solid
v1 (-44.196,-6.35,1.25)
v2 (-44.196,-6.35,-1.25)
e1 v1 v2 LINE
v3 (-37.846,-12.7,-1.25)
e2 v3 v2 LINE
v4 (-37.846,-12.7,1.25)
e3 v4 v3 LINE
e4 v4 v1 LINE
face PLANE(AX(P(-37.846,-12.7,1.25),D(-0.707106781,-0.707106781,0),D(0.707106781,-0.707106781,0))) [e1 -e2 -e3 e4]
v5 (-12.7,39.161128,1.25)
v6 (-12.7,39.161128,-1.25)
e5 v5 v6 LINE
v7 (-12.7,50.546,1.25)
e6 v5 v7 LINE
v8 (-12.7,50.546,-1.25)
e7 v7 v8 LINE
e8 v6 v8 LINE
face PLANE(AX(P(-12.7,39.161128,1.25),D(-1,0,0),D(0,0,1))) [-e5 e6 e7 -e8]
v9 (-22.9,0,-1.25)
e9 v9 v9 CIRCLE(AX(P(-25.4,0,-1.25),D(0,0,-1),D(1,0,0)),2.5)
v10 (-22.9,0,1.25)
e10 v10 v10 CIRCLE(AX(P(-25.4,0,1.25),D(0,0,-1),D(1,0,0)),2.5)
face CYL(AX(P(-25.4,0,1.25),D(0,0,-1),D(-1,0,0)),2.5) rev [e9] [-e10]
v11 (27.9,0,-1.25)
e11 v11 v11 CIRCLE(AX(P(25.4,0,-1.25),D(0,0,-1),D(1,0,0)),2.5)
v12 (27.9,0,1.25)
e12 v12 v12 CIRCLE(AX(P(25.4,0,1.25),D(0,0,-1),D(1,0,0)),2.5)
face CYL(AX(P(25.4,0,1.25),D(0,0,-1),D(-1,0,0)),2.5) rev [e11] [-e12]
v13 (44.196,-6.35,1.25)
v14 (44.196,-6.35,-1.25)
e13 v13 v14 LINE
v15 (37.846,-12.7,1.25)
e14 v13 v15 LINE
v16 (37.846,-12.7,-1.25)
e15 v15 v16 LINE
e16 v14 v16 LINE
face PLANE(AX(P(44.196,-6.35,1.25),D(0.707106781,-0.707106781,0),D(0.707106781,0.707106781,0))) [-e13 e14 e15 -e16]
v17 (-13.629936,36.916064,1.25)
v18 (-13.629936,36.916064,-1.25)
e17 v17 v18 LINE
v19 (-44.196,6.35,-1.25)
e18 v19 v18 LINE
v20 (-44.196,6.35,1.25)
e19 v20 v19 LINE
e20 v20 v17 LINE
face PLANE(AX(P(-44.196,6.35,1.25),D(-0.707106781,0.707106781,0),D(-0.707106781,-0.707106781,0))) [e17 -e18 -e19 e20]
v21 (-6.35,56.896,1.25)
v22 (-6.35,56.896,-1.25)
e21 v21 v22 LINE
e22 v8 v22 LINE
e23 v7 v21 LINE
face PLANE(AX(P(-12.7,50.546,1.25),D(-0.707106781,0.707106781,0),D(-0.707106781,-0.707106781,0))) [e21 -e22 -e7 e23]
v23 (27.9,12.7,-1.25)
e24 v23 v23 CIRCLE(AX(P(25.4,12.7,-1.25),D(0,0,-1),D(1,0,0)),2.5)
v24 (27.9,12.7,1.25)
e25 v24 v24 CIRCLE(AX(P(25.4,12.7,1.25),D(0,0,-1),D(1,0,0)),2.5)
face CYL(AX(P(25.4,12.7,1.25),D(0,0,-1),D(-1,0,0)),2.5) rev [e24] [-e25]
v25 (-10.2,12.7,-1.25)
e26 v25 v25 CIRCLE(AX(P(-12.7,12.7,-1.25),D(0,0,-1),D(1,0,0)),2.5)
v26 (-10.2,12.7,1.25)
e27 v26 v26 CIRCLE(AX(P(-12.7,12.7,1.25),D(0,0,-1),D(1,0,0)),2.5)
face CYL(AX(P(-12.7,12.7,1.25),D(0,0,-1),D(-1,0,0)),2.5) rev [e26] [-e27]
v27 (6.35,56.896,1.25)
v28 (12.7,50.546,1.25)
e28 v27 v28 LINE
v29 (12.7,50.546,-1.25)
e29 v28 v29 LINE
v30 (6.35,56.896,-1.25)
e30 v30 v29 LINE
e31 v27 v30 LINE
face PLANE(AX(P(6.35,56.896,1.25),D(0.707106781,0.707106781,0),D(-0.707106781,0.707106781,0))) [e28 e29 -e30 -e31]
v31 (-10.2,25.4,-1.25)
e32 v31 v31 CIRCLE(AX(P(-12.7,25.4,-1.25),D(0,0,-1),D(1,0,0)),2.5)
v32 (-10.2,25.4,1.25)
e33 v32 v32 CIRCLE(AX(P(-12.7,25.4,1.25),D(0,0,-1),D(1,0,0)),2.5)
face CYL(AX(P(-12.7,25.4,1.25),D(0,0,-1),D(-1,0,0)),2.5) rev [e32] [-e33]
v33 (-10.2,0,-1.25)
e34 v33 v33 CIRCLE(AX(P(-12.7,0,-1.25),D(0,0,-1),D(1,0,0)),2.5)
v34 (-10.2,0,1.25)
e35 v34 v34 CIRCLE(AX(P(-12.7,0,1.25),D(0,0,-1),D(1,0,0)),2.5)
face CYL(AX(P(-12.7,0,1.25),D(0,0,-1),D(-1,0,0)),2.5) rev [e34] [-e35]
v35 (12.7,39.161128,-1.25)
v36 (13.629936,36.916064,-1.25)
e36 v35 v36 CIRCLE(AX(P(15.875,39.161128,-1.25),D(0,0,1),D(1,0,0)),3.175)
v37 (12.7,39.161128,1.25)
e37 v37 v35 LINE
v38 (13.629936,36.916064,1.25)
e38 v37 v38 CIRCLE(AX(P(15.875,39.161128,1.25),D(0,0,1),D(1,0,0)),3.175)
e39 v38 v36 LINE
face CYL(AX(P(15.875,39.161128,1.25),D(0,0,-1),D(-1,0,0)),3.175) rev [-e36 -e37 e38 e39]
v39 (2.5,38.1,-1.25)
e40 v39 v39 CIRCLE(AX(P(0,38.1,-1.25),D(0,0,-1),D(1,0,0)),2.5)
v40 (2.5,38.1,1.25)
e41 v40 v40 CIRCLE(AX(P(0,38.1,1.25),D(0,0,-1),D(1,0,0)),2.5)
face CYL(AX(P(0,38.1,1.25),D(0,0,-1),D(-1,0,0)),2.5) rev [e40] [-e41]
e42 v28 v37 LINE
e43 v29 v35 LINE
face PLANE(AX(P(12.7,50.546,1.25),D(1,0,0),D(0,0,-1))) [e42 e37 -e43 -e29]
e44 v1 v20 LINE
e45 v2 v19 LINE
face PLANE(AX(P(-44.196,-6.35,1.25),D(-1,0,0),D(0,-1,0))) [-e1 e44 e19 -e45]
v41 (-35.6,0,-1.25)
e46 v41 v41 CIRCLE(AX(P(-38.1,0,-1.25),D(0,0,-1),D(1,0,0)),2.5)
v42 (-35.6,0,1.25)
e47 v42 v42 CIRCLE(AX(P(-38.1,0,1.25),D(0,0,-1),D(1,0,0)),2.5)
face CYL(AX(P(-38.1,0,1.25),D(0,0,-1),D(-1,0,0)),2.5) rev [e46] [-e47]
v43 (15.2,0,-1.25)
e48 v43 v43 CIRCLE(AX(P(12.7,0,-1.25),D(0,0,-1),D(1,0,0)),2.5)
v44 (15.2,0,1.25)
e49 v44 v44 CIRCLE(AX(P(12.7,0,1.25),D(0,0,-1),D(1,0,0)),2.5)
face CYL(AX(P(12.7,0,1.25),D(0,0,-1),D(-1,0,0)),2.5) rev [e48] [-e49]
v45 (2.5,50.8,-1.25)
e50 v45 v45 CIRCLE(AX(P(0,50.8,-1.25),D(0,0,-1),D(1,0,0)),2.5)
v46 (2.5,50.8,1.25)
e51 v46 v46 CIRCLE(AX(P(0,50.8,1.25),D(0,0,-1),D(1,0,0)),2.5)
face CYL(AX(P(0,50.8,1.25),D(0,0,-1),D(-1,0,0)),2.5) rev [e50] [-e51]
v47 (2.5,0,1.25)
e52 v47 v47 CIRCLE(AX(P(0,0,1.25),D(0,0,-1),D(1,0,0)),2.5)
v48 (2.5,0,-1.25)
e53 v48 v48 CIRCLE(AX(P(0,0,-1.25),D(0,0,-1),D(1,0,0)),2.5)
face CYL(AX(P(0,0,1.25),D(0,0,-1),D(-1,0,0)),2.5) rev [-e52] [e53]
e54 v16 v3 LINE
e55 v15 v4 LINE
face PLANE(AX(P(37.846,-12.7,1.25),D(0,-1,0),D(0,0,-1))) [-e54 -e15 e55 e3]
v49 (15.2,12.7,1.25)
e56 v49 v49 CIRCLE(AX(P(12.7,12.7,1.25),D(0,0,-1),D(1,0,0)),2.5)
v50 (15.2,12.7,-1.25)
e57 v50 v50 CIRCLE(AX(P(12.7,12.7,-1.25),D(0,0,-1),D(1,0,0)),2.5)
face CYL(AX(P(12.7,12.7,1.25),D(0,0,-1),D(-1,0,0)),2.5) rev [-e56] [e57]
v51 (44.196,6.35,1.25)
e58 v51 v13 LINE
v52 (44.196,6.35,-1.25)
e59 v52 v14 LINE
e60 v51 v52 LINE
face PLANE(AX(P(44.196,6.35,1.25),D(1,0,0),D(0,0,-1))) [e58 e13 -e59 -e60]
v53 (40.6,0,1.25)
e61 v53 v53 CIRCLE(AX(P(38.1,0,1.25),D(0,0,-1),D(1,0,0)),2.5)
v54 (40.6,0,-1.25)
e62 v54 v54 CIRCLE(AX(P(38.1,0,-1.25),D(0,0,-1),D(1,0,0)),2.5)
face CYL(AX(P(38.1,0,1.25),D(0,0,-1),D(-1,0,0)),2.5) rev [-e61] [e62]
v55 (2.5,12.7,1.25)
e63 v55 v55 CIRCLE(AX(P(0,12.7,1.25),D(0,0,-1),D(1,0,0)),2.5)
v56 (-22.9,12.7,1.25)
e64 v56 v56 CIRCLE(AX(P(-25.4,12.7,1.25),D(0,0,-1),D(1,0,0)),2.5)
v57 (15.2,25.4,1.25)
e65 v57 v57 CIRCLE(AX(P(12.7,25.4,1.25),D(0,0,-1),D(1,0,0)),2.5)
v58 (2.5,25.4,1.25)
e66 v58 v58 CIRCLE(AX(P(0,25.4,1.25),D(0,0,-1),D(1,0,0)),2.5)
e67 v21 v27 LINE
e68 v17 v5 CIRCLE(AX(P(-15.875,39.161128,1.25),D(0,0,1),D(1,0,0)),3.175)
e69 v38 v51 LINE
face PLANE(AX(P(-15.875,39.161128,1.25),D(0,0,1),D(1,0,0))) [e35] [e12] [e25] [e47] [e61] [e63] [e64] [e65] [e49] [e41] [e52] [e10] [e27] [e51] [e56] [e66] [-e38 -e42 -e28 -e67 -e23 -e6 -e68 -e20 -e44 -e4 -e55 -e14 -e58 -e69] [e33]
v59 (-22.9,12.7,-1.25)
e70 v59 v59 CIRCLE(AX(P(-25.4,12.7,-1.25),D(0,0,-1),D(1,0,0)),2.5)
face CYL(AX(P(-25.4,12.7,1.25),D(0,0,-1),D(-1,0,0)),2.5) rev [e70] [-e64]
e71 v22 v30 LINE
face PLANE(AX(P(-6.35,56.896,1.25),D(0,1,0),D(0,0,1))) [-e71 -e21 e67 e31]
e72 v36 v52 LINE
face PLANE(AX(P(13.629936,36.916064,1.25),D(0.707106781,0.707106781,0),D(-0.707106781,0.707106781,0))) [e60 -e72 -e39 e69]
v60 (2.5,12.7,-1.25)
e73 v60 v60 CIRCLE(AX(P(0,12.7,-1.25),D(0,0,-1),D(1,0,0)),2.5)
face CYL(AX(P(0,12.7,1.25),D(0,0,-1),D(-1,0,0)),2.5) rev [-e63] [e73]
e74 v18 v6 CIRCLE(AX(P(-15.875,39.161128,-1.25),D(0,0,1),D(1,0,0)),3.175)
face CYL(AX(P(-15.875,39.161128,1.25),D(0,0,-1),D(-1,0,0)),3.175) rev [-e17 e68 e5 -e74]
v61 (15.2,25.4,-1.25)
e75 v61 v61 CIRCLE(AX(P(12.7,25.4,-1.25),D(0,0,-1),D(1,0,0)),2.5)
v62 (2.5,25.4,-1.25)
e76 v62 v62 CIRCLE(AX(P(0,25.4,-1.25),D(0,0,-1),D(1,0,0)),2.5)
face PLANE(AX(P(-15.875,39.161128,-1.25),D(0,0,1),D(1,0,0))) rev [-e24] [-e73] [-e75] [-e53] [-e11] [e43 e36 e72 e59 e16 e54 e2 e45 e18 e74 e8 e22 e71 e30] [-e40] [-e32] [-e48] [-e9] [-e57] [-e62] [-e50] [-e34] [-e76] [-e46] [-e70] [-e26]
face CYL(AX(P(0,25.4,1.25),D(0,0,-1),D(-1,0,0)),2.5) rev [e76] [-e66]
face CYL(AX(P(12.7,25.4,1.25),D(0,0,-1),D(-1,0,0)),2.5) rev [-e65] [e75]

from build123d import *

# Parameters (mm, degrees)
SKETCH1_R           = 2.5
BOSS_EXTRUDE1_DEPTH = 2.5


with BuildPart() as part:
    # Sketch1 → Boss-Extrude1 (new body)
    with BuildSketch(Plane(origin=(0, 0, -1.25), x_dir=(-1, 0, 0), z_dir=(0, 0, -1))):
        with BuildLine():
            Line((44.196, 6.35), (13.62993597, 36.91606403))
            ThreePointArc((13.62993597, 36.91606403), (12.941682484, 37.946108163), (12.7, 39.161128061))
            Line((12.7, 39.161128061), (12.7, 50.546))
            Line((12.7, 50.546), (6.35, 56.896))
            Line((6.35, 56.896), (-6.35, 56.896))
            Line((-6.35, 56.896), (-12.7, 50.546))
            Line((-12.7, 50.546), (-12.7, 39.161128061))
            ThreePointArc((-12.7, 39.161128061), (-12.941682484, 37.946108163), (-13.62993597, 36.91606403))
            Line((-13.62993597, 36.91606403), (-44.196, 6.35))
            Line((-44.196, 6.35), (-44.196, -6.35))
            Line((-44.196, -6.35), (-37.846, -12.7))
            Line((-37.846, -12.7), (37.846, -12.7))
            Line((37.846, -12.7), (44.196, -6.35))
            Line((44.196, -6.35), (44.196, 6.35))
        make_face()
        with Locations((0, 50.8)):
            Circle(SKETCH1_R, mode=Mode.SUBTRACT)
        with Locations((0, 38.1)):
            Circle(SKETCH1_R, mode=Mode.SUBTRACT)
        with Locations((-38.1, 0)):
            Circle(SKETCH1_R, mode=Mode.SUBTRACT)
        with Locations((-25.4, 0)):
            Circle(SKETCH1_R, mode=Mode.SUBTRACT)
        with Locations((-12.7, 0)):
            Circle(SKETCH1_R, mode=Mode.SUBTRACT)
        Circle(SKETCH1_R, mode=Mode.SUBTRACT)
        with Locations((12.7, 0)):
            Circle(SKETCH1_R, mode=Mode.SUBTRACT)
        with Locations((38.1, 0)):
            Circle(SKETCH1_R, mode=Mode.SUBTRACT)
        with Locations((25.4, 0)):
            Circle(SKETCH1_R, mode=Mode.SUBTRACT)
        with Locations((0, 12.7)):
            Circle(SKETCH1_R, mode=Mode.SUBTRACT)
        with Locations((0, 25.4)):
            Circle(SKETCH1_R, mode=Mode.SUBTRACT)
        with Locations((25.4, 12.7)):
            Circle(SKETCH1_R, mode=Mode.SUBTRACT)
        with Locations((12.7, 12.7)):
            Circle(SKETCH1_R, mode=Mode.SUBTRACT)
        with Locations((12.7, 25.4)):
            Circle(SKETCH1_R, mode=Mode.SUBTRACT)
        with Locations((-12.7, 12.7)):
            Circle(SKETCH1_R, mode=Mode.SUBTRACT)
        with Locations((-12.7, 25.4)):
            Circle(SKETCH1_R, mode=Mode.SUBTRACT)
        with Locations((-25.4, 12.7)):
            Circle(SKETCH1_R, mode=Mode.SUBTRACT)
    extrude(amount=-BOSS_EXTRUDE1_DEPTH)


solid = part.part
